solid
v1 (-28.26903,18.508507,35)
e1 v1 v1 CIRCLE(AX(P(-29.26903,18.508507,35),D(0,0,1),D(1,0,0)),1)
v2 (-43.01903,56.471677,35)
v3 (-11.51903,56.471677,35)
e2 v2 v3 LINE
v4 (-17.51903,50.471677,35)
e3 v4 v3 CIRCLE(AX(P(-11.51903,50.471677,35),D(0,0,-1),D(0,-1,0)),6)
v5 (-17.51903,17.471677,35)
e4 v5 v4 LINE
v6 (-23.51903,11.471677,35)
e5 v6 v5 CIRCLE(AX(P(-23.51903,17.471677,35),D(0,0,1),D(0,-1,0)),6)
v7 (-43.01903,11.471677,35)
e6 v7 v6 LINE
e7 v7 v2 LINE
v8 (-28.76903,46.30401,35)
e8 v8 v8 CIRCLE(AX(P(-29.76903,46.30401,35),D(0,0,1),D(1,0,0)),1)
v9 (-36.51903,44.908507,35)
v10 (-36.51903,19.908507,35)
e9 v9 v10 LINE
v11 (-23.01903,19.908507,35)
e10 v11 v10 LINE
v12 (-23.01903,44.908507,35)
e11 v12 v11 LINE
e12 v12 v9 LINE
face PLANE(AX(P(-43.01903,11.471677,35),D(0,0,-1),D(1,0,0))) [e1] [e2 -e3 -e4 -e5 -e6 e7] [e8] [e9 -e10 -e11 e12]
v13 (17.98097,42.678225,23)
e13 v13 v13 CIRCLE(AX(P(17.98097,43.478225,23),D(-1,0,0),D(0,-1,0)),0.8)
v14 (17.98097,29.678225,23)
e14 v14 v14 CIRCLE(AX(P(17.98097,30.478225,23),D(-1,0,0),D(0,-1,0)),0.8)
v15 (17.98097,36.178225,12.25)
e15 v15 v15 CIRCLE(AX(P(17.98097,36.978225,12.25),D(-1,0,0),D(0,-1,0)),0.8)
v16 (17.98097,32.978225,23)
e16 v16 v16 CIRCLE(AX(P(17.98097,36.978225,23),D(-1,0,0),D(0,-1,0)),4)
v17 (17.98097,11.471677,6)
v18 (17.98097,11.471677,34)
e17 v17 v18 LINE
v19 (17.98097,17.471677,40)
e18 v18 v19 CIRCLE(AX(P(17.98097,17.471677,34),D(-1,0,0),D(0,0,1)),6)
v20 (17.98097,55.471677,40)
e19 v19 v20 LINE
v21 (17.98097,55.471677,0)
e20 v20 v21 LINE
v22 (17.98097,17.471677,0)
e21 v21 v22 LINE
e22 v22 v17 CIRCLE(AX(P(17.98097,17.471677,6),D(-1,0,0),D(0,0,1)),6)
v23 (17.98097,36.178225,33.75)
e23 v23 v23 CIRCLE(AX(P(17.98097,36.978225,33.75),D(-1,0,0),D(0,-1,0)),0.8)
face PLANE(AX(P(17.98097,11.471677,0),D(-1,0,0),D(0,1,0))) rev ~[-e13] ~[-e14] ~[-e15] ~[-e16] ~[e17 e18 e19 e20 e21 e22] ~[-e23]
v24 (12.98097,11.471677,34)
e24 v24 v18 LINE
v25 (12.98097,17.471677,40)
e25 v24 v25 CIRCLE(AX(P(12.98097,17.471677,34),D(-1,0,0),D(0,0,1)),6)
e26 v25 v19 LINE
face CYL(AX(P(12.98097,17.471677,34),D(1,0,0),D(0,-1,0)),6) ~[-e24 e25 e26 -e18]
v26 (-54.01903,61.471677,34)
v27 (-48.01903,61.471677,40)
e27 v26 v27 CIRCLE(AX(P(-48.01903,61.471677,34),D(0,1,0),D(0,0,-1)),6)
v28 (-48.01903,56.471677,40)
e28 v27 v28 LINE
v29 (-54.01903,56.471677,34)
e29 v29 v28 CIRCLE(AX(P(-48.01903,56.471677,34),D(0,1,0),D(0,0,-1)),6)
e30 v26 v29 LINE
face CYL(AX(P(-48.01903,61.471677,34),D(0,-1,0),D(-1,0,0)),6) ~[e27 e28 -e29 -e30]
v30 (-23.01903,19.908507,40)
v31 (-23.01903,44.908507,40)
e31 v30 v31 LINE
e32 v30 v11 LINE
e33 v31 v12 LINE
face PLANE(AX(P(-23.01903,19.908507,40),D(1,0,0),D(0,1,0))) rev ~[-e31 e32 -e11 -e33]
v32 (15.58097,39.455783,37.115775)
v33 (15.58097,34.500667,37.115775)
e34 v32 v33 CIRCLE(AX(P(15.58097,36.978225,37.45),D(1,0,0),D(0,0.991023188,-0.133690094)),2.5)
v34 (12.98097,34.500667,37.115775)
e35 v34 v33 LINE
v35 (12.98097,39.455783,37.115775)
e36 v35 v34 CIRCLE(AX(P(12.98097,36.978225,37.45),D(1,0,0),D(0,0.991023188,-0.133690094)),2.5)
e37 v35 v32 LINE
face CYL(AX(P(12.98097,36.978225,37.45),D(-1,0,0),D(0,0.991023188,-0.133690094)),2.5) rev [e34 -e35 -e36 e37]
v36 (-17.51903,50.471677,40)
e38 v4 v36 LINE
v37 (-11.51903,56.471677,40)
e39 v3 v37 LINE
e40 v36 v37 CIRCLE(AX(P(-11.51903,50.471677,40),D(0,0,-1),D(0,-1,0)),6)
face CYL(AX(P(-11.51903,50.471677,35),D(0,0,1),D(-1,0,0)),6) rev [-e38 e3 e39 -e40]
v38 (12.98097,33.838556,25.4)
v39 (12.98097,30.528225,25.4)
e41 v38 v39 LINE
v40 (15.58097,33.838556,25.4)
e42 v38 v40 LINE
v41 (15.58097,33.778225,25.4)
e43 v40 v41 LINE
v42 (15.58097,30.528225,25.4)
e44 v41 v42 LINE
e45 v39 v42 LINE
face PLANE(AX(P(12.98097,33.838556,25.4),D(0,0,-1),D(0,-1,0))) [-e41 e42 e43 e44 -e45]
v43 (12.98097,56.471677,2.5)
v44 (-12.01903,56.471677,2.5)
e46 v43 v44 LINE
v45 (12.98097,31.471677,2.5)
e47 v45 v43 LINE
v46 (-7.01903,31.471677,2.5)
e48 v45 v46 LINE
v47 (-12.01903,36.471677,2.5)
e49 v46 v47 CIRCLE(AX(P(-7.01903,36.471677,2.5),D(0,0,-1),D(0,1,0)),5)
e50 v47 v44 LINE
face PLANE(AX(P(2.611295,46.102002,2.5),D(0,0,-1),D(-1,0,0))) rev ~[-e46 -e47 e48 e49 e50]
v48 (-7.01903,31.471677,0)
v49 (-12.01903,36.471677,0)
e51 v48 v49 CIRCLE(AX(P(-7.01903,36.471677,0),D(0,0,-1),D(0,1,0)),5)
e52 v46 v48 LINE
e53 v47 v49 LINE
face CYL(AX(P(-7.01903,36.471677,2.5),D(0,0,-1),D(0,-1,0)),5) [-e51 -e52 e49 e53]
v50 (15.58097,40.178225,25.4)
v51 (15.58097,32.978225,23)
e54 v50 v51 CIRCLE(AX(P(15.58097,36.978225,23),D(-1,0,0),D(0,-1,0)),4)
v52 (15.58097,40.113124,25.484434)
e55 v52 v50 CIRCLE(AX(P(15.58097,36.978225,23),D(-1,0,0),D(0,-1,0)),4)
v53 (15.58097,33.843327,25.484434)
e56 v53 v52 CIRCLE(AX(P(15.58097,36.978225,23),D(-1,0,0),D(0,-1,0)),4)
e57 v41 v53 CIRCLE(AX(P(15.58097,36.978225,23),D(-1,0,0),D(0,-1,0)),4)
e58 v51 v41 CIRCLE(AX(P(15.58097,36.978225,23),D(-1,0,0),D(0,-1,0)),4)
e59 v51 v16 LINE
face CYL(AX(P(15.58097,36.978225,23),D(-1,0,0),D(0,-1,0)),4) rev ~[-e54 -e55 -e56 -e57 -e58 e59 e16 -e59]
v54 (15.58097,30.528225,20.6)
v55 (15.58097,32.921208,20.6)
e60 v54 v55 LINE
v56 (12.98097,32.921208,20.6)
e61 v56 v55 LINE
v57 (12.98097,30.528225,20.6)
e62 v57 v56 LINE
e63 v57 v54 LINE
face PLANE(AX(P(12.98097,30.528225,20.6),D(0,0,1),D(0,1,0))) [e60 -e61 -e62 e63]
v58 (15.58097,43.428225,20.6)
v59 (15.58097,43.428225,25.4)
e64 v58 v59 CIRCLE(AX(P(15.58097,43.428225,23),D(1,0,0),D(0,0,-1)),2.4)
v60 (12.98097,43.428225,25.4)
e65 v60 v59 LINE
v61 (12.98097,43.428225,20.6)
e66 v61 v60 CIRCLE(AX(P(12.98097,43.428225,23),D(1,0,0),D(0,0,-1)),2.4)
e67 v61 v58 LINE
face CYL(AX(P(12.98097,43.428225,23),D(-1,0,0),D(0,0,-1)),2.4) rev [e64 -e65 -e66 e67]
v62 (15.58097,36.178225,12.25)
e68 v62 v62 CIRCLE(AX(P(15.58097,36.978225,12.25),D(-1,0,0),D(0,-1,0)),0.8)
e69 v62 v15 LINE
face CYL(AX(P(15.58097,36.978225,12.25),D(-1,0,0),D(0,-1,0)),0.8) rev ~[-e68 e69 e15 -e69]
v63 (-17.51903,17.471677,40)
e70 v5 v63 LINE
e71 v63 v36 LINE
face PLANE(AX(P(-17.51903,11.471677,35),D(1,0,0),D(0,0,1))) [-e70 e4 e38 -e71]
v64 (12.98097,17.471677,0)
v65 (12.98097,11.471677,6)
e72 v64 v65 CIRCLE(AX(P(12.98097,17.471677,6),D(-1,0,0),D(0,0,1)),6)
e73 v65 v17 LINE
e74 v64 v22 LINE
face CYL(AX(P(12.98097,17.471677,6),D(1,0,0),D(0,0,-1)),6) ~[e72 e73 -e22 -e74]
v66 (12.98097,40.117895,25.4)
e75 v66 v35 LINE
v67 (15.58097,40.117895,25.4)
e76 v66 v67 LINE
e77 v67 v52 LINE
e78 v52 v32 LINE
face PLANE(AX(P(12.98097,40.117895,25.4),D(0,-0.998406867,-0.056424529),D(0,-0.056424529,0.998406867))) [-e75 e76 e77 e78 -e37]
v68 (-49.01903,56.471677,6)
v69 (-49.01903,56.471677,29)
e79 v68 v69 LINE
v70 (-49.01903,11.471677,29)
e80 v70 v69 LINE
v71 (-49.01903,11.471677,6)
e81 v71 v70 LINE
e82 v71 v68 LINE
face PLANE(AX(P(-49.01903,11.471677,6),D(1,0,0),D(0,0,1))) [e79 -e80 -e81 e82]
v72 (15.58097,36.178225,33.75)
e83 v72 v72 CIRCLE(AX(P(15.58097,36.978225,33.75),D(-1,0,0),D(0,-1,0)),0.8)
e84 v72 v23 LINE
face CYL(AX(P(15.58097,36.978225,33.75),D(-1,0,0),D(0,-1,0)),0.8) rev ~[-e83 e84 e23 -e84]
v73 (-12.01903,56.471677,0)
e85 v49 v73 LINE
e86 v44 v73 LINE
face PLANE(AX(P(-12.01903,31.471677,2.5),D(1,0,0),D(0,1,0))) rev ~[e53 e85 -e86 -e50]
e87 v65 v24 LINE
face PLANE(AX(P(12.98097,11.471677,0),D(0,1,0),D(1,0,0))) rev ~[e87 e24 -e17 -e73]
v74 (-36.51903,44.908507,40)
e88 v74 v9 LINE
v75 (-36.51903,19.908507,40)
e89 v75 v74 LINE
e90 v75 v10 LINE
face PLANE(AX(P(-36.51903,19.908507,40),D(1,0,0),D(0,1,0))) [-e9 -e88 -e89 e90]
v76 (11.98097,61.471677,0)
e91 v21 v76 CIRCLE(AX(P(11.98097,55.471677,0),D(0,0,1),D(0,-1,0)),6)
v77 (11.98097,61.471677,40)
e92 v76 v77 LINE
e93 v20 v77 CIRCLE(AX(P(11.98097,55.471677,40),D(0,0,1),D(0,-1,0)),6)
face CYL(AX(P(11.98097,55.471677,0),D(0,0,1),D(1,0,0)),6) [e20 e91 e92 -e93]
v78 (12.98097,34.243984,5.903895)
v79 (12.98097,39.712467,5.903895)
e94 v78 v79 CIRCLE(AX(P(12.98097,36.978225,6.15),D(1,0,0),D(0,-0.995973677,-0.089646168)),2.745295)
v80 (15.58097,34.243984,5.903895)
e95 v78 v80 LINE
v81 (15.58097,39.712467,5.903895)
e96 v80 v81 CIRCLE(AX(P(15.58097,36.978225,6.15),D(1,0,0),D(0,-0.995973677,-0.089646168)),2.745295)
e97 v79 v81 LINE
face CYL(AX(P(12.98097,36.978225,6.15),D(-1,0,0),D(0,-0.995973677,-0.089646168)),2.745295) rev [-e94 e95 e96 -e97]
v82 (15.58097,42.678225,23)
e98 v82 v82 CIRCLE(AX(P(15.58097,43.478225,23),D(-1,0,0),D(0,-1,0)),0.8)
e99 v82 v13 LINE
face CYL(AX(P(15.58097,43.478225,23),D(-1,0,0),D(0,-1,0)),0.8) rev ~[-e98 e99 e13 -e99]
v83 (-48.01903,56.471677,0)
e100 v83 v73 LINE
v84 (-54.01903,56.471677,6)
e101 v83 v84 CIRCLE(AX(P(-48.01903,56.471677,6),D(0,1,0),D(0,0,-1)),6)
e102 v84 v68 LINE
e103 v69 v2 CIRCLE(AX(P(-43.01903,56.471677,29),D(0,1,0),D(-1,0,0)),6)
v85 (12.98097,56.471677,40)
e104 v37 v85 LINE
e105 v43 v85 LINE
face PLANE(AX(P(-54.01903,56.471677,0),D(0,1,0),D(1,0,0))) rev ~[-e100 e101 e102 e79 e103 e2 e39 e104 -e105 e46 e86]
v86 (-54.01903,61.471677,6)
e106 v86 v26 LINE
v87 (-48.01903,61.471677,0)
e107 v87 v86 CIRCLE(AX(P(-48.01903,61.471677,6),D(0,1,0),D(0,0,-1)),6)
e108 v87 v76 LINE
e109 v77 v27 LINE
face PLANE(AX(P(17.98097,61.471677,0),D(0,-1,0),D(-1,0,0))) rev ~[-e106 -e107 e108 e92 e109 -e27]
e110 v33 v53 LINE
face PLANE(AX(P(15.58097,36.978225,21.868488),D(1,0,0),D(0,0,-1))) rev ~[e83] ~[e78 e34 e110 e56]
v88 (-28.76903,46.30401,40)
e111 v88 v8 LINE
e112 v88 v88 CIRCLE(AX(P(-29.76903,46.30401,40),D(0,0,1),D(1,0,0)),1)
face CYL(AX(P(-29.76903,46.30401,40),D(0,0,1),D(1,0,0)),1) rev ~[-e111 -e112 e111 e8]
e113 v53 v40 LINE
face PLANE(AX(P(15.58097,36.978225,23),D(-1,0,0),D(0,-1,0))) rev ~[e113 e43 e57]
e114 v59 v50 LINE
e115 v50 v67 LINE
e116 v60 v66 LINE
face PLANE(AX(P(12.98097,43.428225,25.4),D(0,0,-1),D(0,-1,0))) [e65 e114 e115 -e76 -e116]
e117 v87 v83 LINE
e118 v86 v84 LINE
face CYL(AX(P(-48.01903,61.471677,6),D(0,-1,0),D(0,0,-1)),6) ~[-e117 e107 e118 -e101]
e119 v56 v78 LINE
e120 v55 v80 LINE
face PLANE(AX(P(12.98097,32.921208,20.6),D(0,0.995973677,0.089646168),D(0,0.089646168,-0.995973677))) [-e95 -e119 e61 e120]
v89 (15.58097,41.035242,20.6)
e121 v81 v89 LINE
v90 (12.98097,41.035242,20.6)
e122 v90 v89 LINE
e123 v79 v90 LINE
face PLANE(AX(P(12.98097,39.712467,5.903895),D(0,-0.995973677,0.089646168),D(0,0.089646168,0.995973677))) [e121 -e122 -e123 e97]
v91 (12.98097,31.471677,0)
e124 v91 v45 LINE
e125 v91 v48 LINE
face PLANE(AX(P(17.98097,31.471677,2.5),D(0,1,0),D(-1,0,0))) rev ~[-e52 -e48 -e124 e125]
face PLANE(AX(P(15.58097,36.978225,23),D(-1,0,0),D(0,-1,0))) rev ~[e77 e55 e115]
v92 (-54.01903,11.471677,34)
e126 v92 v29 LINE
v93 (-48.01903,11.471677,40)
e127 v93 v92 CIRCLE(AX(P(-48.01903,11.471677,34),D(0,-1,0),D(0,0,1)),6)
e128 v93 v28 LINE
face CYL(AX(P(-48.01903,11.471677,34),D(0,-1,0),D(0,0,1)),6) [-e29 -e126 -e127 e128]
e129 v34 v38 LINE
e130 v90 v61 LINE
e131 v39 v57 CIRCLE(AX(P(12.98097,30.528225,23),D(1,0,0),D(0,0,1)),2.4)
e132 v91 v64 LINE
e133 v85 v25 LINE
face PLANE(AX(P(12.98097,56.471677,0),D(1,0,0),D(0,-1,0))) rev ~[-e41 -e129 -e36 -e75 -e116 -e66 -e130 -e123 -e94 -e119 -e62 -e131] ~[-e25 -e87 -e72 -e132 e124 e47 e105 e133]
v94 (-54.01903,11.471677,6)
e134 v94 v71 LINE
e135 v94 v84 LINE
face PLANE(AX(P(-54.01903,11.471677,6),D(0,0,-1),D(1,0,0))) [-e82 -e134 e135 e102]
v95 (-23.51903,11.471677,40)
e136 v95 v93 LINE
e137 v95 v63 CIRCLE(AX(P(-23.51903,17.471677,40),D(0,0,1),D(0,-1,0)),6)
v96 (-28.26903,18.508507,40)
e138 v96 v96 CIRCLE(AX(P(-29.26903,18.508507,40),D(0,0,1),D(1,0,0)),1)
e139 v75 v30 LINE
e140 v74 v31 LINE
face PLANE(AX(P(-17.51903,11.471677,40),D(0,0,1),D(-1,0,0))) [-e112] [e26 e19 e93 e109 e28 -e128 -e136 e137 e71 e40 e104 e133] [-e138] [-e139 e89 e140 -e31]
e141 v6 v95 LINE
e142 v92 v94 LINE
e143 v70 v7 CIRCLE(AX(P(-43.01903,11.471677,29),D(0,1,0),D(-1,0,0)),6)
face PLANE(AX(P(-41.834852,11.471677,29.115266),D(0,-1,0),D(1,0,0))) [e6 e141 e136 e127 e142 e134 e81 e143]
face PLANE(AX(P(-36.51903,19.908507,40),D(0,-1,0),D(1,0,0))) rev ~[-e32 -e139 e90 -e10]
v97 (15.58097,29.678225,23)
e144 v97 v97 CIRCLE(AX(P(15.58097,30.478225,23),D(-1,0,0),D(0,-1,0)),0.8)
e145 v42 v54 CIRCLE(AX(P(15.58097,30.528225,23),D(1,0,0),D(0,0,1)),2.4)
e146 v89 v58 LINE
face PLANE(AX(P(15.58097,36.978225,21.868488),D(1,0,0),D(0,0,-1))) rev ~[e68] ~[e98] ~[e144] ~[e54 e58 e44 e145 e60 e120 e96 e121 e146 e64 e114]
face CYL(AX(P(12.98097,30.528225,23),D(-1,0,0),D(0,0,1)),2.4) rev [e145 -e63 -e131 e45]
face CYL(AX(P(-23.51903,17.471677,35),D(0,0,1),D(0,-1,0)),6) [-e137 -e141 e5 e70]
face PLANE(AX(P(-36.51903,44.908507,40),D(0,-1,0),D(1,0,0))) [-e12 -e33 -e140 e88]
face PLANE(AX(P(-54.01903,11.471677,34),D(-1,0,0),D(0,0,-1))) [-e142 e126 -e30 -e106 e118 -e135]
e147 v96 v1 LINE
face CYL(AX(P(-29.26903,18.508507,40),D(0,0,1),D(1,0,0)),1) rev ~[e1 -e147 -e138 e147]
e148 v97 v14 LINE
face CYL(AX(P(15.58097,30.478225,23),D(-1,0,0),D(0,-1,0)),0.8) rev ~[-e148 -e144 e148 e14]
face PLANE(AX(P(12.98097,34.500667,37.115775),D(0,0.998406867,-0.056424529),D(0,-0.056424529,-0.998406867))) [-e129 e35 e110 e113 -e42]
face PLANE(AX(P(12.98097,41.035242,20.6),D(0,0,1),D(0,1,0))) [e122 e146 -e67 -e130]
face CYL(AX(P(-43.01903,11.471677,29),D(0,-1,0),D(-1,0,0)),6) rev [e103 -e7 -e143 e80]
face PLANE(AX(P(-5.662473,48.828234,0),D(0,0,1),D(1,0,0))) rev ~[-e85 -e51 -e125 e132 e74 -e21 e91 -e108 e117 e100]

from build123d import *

# Parameters (mm, degrees)
EXTRUDE_1_DEPTH     = 40
FILLET_2_R          = 6
FILLET_3_R          = 6
FILLET_4_R          = 6
FILLET_5_R          = 6
FILLET_6_R          = 6
CUT_EXTRUDE_1_DEPTH = 2.6
EXTRUDE_START       = 45
EXTRUDE_2_DEPTH     = 45
SKETCH_4_R          = 1
SKETCH_4_W          = 13.5
SKETCH_4_H          = 25
CUT_EXTRUDE_2_DEPTH = 60
FILLET_7_R          = 6
FILLET_8_R          = 6
SKETCH_5_R          = 0.8
SKETCH_5_R_2        = 4
CUT_EXTRUDE_3_DEPTH = 10
EXTRUDE_START_2     = -2.5
EXTRUDE_4_DEPTH     = 2.5
FILLET_9_R          = 5


with BuildPart() as part:
    # 草图1 → 凸台-拉伸1 (new body)
    with BuildSketch(Plane.XY):
        Polygon((12.980970113, 56.471676883), (12.980970113, 11.471676883), (17.980970113, 11.471676883), (17.980970113, 61.471676883), (-54.019029887, 61.471676883), (-54.019029887, 56.471676883), (-49.554341186, 56.471676883), align=None)
    extrude(amount=EXTRUDE_1_DEPTH)

    # 圆角2
    fillet_2_edges = [part.edges().sort_by_distance(p)[0] for p in [
        (17.980970113, 61.471676883, 20),
    ]]
    fillet(fillet_2_edges, radius=FILLET_2_R)

    # 圆角3
    fillet_3_edges = [part.edges().sort_by_distance(p)[0] for p in [
        (15.480970113, 11.471676883, 0),
    ]]
    fillet(fillet_3_edges, radius=FILLET_3_R)

    # 圆角4
    fillet_4_edges = [part.edges().sort_by_distance(p)[0] for p in [
        (15.480970113, 11.471676883, 40),
    ]]
    fillet(fillet_4_edges, radius=FILLET_4_R)

    # 圆角5
    fillet_5_edges = [part.edges().sort_by_distance(p)[0] for p in [
        (-54.019029887, 58.971676883, 0),
    ]]
    fillet(fillet_5_edges, radius=FILLET_5_R)

    # 圆角6
    fillet_6_edges = [part.edges().sort_by_distance(p)[0] for p in [
        (-54.019029887, 58.971676883, 40),
    ]]
    fillet(fillet_6_edges, radius=FILLET_6_R)

    # 草图2 → 切除-拉伸1 (cut)
    with BuildSketch(Plane.ZY.offset(-12.980970113)):
        with BuildLine():
            Line((25.4, 43.428225459), (25.4, 40.117895335))
            Line((25.4, 40.117895335), (37.115774764, 39.455783428))
            ThreePointArc((37.115774764, 39.455783428), (39.95, 36.978225459), (37.115774764, 34.500667489))
            Line((37.115774764, 34.500667489), (25.4, 33.838555582))
            Line((25.4, 33.838555582), (25.4, 30.528225459))
            ThreePointArc((25.4, 30.528225459), (23, 28.128225459), (20.6, 30.528225459))
            Line((20.6, 30.528225459), (20.6, 32.921208444))
            Line((20.6, 32.921208444), (5.903894821, 34.243983881))
            ThreePointArc((5.903894821, 34.243983881), (3.404704977, 36.978225459), (5.903894821, 39.712467036))
            Line((5.903894821, 39.712467036), (20.6, 41.035242473))
            Line((20.6, 41.035242473), (20.6, 43.428225459))
            ThreePointArc((20.6, 43.428225459), (23, 45.828225459), (25.4, 43.428225459))
        make_face()
    extrude(amount=-CUT_EXTRUDE_1_DEPTH, mode=Mode.SUBTRACT)

    # 草图3 → 凸台-拉伸2 (add)
    with BuildSketch(Plane.XZ.offset(-56.471676883).offset(EXTRUDE_START)):
        with BuildLine():
            Line((-54.019029887, 34), (-54.019029887, 6))
            Line((-54.019029887, 6), (-49.019029887, 6))
            Line((-49.019029887, 6), (-49.019029887, 29))
            ThreePointArc((-49.019029887, 29), (-47.261670574, 33.242640687), (-43.019029887, 35))
            Line((-43.019029887, 35), (-17.519029887, 35))
            Line((-17.519029887, 35), (-17.519029887, 40))
            Line((-17.519029887, 40), (-48.019029887, 40))
            ThreePointArc((-48.019029887, 40), (-52.261670574, 38.242640687), (-54.019029887, 34))
        make_face()
    extrude(amount=-EXTRUDE_2_DEPTH)

    # 草图4 → 切除-拉伸2 (cut)
    with BuildSketch(Plane.XY.offset(40)):
        with Locations((-29.269029887, 18.508506795)):
            Circle(SKETCH_4_R)
        with Locations((-29.769029887, 46.304010029)):
            Circle(SKETCH_4_R)
        with Locations((-29.769029887, 32.408506795)):
            Rectangle(SKETCH_4_W, SKETCH_4_H)
    extrude(amount=-CUT_EXTRUDE_2_DEPTH, mode=Mode.SUBTRACT)

    # 圆角7
    fillet_7_edges = [part.edges().sort_by_distance(p)[0] for p in [
        (-17.519029887, 11.471676883, 37.5),
    ]]
    fillet(fillet_7_edges, radius=FILLET_7_R)

    # 圆角8
    fillet_8_edges = [part.edges().sort_by_distance(p)[0] for p in [
        (-17.519029887, 56.471676883, 37.5),
    ]]
    fillet(fillet_8_edges, radius=FILLET_8_R)

    # 草图5 → 切除-拉伸3 (cut)
    with BuildSketch(Plane.ZY.offset(-15.580970113)):
        with Locations(Location((12.25, 36.978225459, 0), (0, 0, 270))):
            Circle(SKETCH_5_R)
        with Locations(Location((23, 36.978225459, 0), (0, 0, 270))):
            Circle(SKETCH_5_R_2)
        with Locations(Location((33.75, 36.978225459, 0), (0, 0, 270))):
            Circle(SKETCH_5_R)
        with Locations(Location((23, 30.478225459, 0), (0, 0, 270))):
            Circle(SKETCH_5_R)
        with Locations(Location((23, 43.478225459, 0), (0, 0, 270))):
            Circle(SKETCH_5_R)
    extrude(amount=-CUT_EXTRUDE_3_DEPTH, mode=Mode.SUBTRACT)

    # 草图7 → 凸台-拉伸4 (add)
    with BuildSketch(Plane(origin=(0, 0, 0), x_dir=(-1, 0, 0), z_dir=(0, 0, -1)).offset(EXTRUDE_START_2)):
        with BuildLine():
            Line((-17.980970113, 55.471676883), (-17.980970113, 31.471676883))
            Line((-17.980970113, 31.471676883), (12.019029887, 31.471676883))
            Line((12.019029887, 31.471676883), (12.019029887, 61.471676883))
            Line((12.019029887, 61.471676883), (-11.980970113, 61.471676883))
            ThreePointArc((-11.980970113, 61.471676883), (-16.2236108, 59.71431757), (-17.980970113, 55.471676883))
        make_face()
    extrude(amount=EXTRUDE_4_DEPTH)

    # 圆角9
    fillet_9_edges = [part.edges().sort_by_distance(p)[0] for p in [
        (-12.019029887, 31.471676883, 1.25),
    ]]
    fillet(fillet_9_edges, radius=FILLET_9_R)


solid = part.part
